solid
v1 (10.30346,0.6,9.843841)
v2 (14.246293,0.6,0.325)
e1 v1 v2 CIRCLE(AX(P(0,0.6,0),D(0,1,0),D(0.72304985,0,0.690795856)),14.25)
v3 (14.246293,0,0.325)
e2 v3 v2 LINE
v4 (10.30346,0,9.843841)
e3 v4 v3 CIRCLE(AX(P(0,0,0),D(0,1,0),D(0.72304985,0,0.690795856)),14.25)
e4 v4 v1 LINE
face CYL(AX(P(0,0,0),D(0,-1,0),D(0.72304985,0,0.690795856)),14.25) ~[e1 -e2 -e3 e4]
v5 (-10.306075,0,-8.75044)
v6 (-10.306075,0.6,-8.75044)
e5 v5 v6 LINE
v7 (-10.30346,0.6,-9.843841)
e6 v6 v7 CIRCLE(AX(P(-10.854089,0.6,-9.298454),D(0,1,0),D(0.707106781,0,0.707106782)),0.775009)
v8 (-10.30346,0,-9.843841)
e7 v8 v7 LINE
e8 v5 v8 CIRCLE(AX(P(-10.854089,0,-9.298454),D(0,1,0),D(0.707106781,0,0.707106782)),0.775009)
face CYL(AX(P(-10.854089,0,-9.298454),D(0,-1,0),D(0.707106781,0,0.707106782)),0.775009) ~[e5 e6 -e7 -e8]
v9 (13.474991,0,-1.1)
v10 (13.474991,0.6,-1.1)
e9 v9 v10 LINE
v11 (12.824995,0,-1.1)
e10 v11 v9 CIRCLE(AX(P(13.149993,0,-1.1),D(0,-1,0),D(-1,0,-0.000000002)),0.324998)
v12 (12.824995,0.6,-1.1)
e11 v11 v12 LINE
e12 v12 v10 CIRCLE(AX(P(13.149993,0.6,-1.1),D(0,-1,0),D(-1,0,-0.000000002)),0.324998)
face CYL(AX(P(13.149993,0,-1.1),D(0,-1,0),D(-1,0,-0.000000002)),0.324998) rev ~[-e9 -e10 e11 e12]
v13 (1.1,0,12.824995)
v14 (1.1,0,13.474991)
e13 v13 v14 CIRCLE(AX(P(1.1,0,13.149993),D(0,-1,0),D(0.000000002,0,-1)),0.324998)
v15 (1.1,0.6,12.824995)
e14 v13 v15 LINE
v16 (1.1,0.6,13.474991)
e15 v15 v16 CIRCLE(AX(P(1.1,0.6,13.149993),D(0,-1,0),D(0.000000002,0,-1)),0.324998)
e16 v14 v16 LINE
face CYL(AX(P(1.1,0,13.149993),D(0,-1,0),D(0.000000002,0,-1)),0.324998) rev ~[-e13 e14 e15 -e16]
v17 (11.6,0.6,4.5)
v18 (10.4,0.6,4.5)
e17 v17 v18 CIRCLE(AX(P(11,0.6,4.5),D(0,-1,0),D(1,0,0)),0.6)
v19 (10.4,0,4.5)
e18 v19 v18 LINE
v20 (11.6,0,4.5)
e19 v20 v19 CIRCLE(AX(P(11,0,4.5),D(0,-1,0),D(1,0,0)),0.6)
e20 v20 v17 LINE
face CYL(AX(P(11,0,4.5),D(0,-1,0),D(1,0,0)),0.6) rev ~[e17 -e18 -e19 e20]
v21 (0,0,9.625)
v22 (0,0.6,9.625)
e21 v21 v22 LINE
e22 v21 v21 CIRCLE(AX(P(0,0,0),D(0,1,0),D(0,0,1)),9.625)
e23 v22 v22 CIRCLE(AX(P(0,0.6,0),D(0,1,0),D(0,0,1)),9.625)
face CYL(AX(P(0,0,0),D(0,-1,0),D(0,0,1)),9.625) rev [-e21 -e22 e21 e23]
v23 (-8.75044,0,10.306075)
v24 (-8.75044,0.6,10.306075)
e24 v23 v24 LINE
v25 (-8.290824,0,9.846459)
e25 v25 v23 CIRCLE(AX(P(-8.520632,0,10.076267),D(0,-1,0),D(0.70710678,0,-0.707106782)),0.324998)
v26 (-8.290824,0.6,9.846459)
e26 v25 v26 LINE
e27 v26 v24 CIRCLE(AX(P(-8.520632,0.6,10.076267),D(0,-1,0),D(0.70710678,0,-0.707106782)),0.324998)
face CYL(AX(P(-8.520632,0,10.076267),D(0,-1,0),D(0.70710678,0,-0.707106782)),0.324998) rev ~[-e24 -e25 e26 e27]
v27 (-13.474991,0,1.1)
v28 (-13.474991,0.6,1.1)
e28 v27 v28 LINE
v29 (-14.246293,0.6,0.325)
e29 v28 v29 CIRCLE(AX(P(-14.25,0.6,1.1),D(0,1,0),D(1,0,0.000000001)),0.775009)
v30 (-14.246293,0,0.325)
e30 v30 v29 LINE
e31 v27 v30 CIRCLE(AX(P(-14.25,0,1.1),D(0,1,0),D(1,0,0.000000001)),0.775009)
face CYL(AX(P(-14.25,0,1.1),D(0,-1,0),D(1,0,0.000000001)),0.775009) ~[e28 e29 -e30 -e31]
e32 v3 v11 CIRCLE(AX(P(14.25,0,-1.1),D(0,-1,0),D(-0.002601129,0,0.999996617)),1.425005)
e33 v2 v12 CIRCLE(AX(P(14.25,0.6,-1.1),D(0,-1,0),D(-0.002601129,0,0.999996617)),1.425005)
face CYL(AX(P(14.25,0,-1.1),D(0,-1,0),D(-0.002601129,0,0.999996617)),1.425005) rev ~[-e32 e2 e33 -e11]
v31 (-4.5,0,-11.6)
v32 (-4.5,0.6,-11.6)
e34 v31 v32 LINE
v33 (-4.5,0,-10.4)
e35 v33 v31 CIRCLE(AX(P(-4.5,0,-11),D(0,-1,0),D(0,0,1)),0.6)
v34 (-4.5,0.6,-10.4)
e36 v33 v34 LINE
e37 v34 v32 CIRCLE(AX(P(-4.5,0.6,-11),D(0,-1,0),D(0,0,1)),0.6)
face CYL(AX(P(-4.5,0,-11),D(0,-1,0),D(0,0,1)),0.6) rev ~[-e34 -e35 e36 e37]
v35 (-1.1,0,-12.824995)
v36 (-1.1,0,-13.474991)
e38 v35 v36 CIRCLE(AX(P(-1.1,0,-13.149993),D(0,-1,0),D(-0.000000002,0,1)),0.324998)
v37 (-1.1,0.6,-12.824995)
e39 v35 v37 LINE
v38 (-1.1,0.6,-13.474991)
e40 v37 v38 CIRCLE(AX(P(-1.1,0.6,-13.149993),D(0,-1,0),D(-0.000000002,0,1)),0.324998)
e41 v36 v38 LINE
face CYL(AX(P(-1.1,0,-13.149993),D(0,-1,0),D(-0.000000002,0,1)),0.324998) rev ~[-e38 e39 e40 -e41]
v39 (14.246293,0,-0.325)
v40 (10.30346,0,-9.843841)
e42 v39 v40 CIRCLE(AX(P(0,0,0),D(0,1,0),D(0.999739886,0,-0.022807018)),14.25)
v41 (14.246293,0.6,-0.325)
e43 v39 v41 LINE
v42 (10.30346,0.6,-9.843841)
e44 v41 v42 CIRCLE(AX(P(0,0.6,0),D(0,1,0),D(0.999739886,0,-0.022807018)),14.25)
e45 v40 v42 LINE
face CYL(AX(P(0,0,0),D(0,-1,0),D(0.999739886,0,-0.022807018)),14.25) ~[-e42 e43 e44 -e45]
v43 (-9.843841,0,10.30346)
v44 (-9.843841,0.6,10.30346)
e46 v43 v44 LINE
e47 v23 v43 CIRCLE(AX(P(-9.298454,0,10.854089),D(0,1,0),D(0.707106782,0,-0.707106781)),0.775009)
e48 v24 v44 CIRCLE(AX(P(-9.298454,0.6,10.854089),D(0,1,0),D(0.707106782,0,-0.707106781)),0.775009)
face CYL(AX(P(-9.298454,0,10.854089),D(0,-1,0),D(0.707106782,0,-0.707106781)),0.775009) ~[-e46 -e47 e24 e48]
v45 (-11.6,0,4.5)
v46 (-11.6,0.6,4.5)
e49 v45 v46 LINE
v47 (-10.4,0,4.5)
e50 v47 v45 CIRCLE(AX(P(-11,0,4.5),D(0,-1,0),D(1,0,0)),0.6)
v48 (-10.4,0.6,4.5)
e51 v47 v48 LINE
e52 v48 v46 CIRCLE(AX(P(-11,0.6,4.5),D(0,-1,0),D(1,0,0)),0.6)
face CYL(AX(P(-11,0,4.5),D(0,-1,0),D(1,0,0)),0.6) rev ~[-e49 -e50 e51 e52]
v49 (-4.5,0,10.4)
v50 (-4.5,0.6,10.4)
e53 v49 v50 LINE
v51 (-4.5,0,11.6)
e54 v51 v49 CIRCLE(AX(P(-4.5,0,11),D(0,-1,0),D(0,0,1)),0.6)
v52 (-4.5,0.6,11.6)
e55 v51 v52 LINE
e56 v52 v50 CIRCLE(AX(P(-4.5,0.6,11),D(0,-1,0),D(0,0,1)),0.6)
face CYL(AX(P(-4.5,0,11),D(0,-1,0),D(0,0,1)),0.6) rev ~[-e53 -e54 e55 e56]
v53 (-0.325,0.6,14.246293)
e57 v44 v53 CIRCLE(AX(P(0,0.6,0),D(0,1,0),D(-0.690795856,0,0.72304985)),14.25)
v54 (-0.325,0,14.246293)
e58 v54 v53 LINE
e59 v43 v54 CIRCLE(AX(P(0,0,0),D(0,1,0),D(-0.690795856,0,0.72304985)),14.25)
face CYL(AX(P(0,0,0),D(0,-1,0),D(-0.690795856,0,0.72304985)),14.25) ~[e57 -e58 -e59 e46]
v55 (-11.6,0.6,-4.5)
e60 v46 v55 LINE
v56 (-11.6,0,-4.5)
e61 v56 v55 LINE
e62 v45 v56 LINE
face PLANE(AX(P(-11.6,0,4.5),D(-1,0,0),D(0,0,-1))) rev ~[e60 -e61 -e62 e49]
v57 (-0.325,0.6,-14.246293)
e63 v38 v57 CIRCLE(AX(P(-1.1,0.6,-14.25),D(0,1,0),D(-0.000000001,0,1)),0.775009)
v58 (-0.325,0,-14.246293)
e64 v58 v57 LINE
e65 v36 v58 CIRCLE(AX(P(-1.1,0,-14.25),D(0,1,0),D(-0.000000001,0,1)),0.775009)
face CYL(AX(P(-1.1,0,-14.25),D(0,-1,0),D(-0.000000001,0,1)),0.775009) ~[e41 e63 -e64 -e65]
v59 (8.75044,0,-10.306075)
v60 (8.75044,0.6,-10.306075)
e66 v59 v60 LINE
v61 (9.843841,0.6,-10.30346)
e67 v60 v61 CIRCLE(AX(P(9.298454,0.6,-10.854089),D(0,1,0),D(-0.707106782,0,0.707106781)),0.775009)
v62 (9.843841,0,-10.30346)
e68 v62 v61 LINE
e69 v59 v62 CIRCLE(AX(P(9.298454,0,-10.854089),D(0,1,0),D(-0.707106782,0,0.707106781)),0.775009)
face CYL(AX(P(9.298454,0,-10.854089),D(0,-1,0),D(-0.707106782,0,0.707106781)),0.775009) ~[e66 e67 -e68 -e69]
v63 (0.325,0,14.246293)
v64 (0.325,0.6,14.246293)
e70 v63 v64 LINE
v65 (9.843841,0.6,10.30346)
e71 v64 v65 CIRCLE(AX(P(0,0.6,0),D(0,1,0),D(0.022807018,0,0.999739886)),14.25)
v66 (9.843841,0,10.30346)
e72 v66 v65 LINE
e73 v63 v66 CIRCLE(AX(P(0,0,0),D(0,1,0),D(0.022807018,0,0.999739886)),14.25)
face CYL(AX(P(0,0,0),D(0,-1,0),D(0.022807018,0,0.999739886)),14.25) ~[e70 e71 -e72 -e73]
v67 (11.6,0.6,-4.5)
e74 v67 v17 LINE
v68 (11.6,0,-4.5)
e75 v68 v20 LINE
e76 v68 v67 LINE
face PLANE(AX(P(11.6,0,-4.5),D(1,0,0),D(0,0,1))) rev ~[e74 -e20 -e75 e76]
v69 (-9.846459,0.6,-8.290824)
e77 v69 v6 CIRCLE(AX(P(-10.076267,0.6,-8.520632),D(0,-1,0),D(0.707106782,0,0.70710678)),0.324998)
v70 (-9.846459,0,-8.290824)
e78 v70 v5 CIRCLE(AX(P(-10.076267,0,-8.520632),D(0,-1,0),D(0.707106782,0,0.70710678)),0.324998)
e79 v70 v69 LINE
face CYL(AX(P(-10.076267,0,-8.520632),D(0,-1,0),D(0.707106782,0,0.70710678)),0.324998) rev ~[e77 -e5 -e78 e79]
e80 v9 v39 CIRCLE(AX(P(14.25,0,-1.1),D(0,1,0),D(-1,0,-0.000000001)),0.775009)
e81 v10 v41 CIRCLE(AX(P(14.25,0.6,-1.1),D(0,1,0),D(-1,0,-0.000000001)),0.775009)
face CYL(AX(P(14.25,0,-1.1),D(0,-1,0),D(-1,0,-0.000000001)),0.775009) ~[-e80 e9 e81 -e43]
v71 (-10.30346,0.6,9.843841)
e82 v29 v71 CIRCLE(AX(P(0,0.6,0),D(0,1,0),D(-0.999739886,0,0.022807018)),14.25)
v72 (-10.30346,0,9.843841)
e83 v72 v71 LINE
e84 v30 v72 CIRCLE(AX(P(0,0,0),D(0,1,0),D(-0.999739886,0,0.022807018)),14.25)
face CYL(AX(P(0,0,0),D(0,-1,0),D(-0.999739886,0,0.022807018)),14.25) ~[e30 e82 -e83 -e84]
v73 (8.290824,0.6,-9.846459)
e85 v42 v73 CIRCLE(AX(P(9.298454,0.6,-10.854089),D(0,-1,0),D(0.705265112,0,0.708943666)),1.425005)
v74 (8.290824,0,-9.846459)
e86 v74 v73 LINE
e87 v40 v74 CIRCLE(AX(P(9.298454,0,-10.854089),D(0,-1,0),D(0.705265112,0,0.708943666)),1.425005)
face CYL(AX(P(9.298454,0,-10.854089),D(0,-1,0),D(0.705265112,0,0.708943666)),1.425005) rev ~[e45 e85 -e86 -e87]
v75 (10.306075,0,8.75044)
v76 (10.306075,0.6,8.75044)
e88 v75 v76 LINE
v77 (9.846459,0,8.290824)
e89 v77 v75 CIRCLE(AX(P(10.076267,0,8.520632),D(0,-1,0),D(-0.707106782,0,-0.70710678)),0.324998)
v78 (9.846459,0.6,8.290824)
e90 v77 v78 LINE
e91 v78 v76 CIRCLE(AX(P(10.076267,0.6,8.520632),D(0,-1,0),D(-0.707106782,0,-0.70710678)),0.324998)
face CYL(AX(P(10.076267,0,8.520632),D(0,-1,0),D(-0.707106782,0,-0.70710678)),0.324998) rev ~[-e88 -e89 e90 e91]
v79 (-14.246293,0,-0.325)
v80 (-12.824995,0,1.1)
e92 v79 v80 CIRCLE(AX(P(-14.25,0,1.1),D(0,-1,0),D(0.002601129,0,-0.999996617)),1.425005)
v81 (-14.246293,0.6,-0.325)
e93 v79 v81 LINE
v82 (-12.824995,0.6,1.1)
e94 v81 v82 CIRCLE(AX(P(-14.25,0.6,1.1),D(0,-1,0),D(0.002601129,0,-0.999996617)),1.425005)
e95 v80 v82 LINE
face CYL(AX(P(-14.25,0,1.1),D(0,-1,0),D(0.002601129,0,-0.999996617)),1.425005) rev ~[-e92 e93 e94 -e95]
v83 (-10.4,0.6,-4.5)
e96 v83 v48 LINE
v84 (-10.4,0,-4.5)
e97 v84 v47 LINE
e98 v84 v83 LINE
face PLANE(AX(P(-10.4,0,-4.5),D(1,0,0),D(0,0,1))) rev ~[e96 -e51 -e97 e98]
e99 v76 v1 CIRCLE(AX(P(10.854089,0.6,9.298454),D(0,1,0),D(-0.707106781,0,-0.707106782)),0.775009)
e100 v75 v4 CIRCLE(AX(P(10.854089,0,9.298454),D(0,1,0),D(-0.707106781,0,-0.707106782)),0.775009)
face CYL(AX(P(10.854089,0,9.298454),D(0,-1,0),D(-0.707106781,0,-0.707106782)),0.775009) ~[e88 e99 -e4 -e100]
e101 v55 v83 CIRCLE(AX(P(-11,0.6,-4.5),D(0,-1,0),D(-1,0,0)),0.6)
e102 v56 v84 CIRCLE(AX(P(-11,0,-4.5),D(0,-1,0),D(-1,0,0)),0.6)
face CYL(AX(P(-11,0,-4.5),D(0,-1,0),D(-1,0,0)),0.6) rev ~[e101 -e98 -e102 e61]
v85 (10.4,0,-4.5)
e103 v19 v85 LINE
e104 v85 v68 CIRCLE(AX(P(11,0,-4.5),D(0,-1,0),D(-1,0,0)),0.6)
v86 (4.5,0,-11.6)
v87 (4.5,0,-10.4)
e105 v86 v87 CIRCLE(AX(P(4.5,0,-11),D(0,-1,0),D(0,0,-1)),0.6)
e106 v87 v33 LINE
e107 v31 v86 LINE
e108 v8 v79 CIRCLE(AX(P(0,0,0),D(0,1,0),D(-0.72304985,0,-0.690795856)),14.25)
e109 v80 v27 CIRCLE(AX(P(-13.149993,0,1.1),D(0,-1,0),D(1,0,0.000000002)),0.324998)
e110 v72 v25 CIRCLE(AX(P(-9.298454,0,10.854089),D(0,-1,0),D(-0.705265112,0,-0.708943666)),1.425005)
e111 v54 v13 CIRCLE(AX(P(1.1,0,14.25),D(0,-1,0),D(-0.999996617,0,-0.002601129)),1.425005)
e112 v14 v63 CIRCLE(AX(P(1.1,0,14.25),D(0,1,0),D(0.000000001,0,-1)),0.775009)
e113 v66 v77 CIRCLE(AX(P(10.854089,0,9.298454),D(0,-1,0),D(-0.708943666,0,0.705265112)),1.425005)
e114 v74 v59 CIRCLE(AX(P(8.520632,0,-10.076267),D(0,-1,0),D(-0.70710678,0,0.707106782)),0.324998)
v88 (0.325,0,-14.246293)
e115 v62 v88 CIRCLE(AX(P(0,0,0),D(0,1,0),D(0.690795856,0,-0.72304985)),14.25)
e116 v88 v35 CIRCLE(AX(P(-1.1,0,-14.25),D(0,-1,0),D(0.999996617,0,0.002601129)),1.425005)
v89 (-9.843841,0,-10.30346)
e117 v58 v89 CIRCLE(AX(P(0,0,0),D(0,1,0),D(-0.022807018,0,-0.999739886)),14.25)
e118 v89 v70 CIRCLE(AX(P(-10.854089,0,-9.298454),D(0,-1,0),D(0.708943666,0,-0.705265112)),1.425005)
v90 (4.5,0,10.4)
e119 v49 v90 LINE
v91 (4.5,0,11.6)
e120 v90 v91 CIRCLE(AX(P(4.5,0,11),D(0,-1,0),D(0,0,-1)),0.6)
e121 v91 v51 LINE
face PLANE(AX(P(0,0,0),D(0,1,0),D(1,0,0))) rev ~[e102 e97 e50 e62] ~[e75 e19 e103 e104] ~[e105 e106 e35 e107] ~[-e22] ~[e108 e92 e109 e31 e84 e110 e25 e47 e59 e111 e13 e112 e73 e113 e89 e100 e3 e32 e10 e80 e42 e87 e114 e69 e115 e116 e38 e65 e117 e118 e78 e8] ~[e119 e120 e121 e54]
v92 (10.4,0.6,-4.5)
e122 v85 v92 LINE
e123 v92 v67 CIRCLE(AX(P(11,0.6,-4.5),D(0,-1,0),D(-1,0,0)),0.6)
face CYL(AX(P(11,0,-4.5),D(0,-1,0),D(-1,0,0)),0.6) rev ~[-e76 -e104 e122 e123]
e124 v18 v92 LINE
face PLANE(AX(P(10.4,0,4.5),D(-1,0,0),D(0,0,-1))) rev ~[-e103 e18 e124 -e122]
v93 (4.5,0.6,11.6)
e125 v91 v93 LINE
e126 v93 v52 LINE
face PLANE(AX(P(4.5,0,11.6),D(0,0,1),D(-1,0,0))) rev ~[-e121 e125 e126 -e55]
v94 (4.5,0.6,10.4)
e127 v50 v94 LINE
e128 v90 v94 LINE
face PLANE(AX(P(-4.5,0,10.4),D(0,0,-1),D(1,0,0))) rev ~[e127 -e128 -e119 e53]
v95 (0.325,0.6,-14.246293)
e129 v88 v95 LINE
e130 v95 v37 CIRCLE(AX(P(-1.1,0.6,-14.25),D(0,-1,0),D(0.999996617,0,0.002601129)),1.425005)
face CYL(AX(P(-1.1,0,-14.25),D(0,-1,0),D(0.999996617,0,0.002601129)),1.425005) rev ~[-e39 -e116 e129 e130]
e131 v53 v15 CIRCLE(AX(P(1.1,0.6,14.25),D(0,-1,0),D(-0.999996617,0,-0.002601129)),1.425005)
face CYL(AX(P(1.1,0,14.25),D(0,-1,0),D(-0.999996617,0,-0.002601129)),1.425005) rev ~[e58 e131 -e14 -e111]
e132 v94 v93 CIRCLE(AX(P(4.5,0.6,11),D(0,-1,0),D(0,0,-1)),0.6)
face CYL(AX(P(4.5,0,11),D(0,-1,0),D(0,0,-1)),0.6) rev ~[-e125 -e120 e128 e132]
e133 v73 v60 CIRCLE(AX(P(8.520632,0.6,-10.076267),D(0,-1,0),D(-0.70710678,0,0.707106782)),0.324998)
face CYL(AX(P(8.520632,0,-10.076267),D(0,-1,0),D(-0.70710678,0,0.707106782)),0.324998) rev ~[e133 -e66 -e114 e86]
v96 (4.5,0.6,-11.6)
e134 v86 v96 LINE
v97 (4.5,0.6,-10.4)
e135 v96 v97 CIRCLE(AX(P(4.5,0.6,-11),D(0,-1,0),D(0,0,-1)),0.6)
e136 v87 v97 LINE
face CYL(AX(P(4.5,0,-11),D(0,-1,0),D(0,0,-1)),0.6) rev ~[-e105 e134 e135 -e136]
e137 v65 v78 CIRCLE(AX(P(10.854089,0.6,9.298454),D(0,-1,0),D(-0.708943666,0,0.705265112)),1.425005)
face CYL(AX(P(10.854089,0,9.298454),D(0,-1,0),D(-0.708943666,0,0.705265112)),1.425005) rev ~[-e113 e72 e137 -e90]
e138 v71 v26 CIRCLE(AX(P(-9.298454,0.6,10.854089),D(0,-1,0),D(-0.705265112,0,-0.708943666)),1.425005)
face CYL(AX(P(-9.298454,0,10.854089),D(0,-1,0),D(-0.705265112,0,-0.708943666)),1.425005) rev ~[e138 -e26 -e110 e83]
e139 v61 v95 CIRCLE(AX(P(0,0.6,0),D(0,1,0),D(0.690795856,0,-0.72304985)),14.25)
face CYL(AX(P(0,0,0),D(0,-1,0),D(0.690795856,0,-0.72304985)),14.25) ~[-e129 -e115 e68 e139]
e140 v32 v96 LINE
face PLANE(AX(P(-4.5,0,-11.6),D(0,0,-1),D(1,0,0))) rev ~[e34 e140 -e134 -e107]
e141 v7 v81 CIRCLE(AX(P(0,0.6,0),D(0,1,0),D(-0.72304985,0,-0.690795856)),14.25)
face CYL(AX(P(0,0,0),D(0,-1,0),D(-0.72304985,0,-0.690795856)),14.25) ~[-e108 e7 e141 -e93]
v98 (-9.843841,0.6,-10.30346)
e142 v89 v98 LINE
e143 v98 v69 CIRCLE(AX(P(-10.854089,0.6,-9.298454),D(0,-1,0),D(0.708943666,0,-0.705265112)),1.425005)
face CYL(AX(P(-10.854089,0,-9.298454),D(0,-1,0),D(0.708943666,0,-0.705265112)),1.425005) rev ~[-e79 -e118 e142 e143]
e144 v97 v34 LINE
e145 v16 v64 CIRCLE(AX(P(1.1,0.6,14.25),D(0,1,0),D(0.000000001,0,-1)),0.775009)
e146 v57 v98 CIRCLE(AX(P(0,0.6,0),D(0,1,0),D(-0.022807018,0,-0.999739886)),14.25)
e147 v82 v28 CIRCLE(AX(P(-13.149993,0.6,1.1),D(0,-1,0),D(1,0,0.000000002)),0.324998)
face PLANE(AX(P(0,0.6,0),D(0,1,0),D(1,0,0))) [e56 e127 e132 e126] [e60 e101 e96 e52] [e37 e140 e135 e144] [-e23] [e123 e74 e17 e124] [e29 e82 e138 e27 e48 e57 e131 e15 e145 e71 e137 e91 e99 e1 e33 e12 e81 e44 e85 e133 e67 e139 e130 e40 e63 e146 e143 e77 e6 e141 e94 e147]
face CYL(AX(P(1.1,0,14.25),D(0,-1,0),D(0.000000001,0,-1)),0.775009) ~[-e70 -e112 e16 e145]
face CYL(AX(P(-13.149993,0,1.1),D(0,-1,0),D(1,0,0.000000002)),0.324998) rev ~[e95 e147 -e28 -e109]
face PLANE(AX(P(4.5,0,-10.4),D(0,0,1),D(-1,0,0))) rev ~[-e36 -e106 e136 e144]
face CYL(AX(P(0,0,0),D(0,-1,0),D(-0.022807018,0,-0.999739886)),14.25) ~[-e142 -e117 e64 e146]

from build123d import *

# Parameters (mm, degrees)
SKETCH1_R           = 9.625
BOSS_EXTRUDE1_DEPTH = 0.6


with BuildPart() as part:
    # Sketch1 → Boss-Extrude1 (new body)
    with BuildSketch(Plane(origin=(0, 0, 0), x_dir=(1, 0, 0), z_dir=(0, 1, 0))):
        with BuildLine():
            ThreePointArc((13.474991136, 1.1), (13.700677051, 0.553298036), (14.246293378, 0.325))
            ThreePointArc((14.246293378, 0.325), (13.165283338, 5.453238911), (10.303460358, 9.84384095))
            ThreePointArc((10.303460358, 9.84384095), (9.29660086, 9.429085476), (8.290823601, 9.846458519))
            ThreePointArc((8.290823601, 9.846458519), (8.290823601, 10.306075068), (8.750440149, 10.306075068))
            ThreePointArc((8.750440149, 10.306075068), (9.296600856, 10.079082443), (9.84384095, 10.303460358))
            ThreePointArc((9.84384095, 10.303460358), (5.453238911, 13.165283338), (0.325, 14.246293378))
            ThreePointArc((0.325, 14.246293378), (-0.09368077, 13.24105979), (-1.1, 12.824995179))
            ThreePointArc((-1.1, 12.824995179), (-1.424997978, 13.149993158), (-1.1, 13.474991136))
            ThreePointArc((-1.1, 13.474991136), (-0.553298036, 13.700677051), (-0.325, 14.246293378))
            ThreePointArc((-0.325, 14.246293378), (-5.453238911, 13.165283338), (-9.84384095, 10.303460358))
            ThreePointArc((-9.84384095, 10.303460358), (-9.429085476, 9.29660086), (-9.846458519, 8.290823601))
            ThreePointArc((-9.846458519, 8.290823601), (-10.306075068, 8.290823601), (-10.306075068, 8.750440149))
            ThreePointArc((-10.306075068, 8.750440149), (-10.079082443, 9.296600856), (-10.303460358, 9.84384095))
            ThreePointArc((-10.303460358, 9.84384095), (-13.165283338, 5.453238911), (-14.246293378, 0.325))
            ThreePointArc((-14.246293378, 0.325), (-13.24105979, -0.09368077), (-12.824995179, -1.1))
            ThreePointArc((-12.824995179, -1.1), (-13.149993158, -1.424997978), (-13.474991136, -1.1))
            ThreePointArc((-13.474991136, -1.1), (-13.700677051, -0.553298036), (-14.246293378, -0.325))
            ThreePointArc((-14.246293378, -0.325), (-13.165283338, -5.453238911), (-10.303460358, -9.84384095))
            ThreePointArc((-10.303460358, -9.84384095), (-9.29660086, -9.429085476), (-8.290823601, -9.846458519))
            ThreePointArc((-8.290823601, -9.846458519), (-8.290823601, -10.306075068), (-8.750440149, -10.306075068))
            ThreePointArc((-8.750440149, -10.306075068), (-9.296600856, -10.079082443), (-9.84384095, -10.303460358))
            ThreePointArc((-9.84384095, -10.303460358), (-5.453238911, -13.165283338), (-0.325, -14.246293378))
            ThreePointArc((-0.325, -14.246293378), (0.09368077, -13.24105979), (1.1, -12.824995179))
            ThreePointArc((1.1, -12.824995179), (1.424997978, -13.149993158), (1.1, -13.474991136))
            ThreePointArc((1.1, -13.474991136), (0.553298036, -13.700677051), (0.325, -14.246293378))
            ThreePointArc((0.325, -14.246293378), (5.453238911, -13.165283338), (9.84384095, -10.303460358))
            ThreePointArc((9.84384095, -10.303460358), (9.429085476, -9.29660086), (9.846458519, -8.290823601))
            ThreePointArc((9.846458519, -8.290823601), (10.306075068, -8.290823601), (10.306075068, -8.750440149))
            ThreePointArc((10.306075068, -8.750440149), (10.079082443, -9.296600856), (10.303460358, -9.84384095))
            ThreePointArc((10.303460358, -9.84384095), (13.165283338, -5.453238911), (14.246293378, -0.325))
            ThreePointArc((14.246293378, -0.325), (13.24105979, 0.09368077), (12.824995179, 1.1))
            ThreePointArc((12.824995179, 1.1), (13.149993158, 1.424997978), (13.474991136, 1.1))
        make_face()
        with BuildLine():
            ThreePointArc((-4.5, -11.6), (-5.1, -11), (-4.5, -10.4))
            Line((-4.5, -10.4), (4.5, -10.4))
            ThreePointArc((4.5, -10.4), (5.1, -11), (4.5, -11.6))
            Line((4.5, -11.6), (-4.5, -11.6))
        make_face(mode=Mode.SUBTRACT)
        with BuildLine():
            ThreePointArc((-11.6, 4.5), (-11, 5.1), (-10.4, 4.5))
            Line((-10.4, 4.5), (-10.4, -4.5))
            ThreePointArc((-10.4, -4.5), (-11, -5.1), (-11.6, -4.5))
            Line((-11.6, -4.5), (-11.6, 4.5))
        make_face(mode=Mode.SUBTRACT)
        with Locations(Location((0, 0, 0), (0, 0, 270))):
            Circle(SKETCH1_R, mode=Mode.SUBTRACT)
        with BuildLine():
            ThreePointArc((11.6, -4.5), (11, -5.1), (10.4, -4.5))
            Line((10.4, -4.5), (10.4, 4.5))
            ThreePointArc((10.4, 4.5), (11, 5.1), (11.6, 4.5))
            Line((11.6, 4.5), (11.6, -4.5))
        make_face(mode=Mode.SUBTRACT)
        with BuildLine():
            ThreePointArc((4.5, 11.6), (5.1, 11), (4.5, 10.4))
            Line((4.5, 10.4), (-4.5, 10.4))
            ThreePointArc((-4.5, 10.4), (-5.1, 11), (-4.5, 11.6))
            Line((-4.5, 11.6), (4.5, 11.6))
        make_face(mode=Mode.SUBTRACT)
    extrude(amount=BOSS_EXTRUDE1_DEPTH)


solid = part.part
